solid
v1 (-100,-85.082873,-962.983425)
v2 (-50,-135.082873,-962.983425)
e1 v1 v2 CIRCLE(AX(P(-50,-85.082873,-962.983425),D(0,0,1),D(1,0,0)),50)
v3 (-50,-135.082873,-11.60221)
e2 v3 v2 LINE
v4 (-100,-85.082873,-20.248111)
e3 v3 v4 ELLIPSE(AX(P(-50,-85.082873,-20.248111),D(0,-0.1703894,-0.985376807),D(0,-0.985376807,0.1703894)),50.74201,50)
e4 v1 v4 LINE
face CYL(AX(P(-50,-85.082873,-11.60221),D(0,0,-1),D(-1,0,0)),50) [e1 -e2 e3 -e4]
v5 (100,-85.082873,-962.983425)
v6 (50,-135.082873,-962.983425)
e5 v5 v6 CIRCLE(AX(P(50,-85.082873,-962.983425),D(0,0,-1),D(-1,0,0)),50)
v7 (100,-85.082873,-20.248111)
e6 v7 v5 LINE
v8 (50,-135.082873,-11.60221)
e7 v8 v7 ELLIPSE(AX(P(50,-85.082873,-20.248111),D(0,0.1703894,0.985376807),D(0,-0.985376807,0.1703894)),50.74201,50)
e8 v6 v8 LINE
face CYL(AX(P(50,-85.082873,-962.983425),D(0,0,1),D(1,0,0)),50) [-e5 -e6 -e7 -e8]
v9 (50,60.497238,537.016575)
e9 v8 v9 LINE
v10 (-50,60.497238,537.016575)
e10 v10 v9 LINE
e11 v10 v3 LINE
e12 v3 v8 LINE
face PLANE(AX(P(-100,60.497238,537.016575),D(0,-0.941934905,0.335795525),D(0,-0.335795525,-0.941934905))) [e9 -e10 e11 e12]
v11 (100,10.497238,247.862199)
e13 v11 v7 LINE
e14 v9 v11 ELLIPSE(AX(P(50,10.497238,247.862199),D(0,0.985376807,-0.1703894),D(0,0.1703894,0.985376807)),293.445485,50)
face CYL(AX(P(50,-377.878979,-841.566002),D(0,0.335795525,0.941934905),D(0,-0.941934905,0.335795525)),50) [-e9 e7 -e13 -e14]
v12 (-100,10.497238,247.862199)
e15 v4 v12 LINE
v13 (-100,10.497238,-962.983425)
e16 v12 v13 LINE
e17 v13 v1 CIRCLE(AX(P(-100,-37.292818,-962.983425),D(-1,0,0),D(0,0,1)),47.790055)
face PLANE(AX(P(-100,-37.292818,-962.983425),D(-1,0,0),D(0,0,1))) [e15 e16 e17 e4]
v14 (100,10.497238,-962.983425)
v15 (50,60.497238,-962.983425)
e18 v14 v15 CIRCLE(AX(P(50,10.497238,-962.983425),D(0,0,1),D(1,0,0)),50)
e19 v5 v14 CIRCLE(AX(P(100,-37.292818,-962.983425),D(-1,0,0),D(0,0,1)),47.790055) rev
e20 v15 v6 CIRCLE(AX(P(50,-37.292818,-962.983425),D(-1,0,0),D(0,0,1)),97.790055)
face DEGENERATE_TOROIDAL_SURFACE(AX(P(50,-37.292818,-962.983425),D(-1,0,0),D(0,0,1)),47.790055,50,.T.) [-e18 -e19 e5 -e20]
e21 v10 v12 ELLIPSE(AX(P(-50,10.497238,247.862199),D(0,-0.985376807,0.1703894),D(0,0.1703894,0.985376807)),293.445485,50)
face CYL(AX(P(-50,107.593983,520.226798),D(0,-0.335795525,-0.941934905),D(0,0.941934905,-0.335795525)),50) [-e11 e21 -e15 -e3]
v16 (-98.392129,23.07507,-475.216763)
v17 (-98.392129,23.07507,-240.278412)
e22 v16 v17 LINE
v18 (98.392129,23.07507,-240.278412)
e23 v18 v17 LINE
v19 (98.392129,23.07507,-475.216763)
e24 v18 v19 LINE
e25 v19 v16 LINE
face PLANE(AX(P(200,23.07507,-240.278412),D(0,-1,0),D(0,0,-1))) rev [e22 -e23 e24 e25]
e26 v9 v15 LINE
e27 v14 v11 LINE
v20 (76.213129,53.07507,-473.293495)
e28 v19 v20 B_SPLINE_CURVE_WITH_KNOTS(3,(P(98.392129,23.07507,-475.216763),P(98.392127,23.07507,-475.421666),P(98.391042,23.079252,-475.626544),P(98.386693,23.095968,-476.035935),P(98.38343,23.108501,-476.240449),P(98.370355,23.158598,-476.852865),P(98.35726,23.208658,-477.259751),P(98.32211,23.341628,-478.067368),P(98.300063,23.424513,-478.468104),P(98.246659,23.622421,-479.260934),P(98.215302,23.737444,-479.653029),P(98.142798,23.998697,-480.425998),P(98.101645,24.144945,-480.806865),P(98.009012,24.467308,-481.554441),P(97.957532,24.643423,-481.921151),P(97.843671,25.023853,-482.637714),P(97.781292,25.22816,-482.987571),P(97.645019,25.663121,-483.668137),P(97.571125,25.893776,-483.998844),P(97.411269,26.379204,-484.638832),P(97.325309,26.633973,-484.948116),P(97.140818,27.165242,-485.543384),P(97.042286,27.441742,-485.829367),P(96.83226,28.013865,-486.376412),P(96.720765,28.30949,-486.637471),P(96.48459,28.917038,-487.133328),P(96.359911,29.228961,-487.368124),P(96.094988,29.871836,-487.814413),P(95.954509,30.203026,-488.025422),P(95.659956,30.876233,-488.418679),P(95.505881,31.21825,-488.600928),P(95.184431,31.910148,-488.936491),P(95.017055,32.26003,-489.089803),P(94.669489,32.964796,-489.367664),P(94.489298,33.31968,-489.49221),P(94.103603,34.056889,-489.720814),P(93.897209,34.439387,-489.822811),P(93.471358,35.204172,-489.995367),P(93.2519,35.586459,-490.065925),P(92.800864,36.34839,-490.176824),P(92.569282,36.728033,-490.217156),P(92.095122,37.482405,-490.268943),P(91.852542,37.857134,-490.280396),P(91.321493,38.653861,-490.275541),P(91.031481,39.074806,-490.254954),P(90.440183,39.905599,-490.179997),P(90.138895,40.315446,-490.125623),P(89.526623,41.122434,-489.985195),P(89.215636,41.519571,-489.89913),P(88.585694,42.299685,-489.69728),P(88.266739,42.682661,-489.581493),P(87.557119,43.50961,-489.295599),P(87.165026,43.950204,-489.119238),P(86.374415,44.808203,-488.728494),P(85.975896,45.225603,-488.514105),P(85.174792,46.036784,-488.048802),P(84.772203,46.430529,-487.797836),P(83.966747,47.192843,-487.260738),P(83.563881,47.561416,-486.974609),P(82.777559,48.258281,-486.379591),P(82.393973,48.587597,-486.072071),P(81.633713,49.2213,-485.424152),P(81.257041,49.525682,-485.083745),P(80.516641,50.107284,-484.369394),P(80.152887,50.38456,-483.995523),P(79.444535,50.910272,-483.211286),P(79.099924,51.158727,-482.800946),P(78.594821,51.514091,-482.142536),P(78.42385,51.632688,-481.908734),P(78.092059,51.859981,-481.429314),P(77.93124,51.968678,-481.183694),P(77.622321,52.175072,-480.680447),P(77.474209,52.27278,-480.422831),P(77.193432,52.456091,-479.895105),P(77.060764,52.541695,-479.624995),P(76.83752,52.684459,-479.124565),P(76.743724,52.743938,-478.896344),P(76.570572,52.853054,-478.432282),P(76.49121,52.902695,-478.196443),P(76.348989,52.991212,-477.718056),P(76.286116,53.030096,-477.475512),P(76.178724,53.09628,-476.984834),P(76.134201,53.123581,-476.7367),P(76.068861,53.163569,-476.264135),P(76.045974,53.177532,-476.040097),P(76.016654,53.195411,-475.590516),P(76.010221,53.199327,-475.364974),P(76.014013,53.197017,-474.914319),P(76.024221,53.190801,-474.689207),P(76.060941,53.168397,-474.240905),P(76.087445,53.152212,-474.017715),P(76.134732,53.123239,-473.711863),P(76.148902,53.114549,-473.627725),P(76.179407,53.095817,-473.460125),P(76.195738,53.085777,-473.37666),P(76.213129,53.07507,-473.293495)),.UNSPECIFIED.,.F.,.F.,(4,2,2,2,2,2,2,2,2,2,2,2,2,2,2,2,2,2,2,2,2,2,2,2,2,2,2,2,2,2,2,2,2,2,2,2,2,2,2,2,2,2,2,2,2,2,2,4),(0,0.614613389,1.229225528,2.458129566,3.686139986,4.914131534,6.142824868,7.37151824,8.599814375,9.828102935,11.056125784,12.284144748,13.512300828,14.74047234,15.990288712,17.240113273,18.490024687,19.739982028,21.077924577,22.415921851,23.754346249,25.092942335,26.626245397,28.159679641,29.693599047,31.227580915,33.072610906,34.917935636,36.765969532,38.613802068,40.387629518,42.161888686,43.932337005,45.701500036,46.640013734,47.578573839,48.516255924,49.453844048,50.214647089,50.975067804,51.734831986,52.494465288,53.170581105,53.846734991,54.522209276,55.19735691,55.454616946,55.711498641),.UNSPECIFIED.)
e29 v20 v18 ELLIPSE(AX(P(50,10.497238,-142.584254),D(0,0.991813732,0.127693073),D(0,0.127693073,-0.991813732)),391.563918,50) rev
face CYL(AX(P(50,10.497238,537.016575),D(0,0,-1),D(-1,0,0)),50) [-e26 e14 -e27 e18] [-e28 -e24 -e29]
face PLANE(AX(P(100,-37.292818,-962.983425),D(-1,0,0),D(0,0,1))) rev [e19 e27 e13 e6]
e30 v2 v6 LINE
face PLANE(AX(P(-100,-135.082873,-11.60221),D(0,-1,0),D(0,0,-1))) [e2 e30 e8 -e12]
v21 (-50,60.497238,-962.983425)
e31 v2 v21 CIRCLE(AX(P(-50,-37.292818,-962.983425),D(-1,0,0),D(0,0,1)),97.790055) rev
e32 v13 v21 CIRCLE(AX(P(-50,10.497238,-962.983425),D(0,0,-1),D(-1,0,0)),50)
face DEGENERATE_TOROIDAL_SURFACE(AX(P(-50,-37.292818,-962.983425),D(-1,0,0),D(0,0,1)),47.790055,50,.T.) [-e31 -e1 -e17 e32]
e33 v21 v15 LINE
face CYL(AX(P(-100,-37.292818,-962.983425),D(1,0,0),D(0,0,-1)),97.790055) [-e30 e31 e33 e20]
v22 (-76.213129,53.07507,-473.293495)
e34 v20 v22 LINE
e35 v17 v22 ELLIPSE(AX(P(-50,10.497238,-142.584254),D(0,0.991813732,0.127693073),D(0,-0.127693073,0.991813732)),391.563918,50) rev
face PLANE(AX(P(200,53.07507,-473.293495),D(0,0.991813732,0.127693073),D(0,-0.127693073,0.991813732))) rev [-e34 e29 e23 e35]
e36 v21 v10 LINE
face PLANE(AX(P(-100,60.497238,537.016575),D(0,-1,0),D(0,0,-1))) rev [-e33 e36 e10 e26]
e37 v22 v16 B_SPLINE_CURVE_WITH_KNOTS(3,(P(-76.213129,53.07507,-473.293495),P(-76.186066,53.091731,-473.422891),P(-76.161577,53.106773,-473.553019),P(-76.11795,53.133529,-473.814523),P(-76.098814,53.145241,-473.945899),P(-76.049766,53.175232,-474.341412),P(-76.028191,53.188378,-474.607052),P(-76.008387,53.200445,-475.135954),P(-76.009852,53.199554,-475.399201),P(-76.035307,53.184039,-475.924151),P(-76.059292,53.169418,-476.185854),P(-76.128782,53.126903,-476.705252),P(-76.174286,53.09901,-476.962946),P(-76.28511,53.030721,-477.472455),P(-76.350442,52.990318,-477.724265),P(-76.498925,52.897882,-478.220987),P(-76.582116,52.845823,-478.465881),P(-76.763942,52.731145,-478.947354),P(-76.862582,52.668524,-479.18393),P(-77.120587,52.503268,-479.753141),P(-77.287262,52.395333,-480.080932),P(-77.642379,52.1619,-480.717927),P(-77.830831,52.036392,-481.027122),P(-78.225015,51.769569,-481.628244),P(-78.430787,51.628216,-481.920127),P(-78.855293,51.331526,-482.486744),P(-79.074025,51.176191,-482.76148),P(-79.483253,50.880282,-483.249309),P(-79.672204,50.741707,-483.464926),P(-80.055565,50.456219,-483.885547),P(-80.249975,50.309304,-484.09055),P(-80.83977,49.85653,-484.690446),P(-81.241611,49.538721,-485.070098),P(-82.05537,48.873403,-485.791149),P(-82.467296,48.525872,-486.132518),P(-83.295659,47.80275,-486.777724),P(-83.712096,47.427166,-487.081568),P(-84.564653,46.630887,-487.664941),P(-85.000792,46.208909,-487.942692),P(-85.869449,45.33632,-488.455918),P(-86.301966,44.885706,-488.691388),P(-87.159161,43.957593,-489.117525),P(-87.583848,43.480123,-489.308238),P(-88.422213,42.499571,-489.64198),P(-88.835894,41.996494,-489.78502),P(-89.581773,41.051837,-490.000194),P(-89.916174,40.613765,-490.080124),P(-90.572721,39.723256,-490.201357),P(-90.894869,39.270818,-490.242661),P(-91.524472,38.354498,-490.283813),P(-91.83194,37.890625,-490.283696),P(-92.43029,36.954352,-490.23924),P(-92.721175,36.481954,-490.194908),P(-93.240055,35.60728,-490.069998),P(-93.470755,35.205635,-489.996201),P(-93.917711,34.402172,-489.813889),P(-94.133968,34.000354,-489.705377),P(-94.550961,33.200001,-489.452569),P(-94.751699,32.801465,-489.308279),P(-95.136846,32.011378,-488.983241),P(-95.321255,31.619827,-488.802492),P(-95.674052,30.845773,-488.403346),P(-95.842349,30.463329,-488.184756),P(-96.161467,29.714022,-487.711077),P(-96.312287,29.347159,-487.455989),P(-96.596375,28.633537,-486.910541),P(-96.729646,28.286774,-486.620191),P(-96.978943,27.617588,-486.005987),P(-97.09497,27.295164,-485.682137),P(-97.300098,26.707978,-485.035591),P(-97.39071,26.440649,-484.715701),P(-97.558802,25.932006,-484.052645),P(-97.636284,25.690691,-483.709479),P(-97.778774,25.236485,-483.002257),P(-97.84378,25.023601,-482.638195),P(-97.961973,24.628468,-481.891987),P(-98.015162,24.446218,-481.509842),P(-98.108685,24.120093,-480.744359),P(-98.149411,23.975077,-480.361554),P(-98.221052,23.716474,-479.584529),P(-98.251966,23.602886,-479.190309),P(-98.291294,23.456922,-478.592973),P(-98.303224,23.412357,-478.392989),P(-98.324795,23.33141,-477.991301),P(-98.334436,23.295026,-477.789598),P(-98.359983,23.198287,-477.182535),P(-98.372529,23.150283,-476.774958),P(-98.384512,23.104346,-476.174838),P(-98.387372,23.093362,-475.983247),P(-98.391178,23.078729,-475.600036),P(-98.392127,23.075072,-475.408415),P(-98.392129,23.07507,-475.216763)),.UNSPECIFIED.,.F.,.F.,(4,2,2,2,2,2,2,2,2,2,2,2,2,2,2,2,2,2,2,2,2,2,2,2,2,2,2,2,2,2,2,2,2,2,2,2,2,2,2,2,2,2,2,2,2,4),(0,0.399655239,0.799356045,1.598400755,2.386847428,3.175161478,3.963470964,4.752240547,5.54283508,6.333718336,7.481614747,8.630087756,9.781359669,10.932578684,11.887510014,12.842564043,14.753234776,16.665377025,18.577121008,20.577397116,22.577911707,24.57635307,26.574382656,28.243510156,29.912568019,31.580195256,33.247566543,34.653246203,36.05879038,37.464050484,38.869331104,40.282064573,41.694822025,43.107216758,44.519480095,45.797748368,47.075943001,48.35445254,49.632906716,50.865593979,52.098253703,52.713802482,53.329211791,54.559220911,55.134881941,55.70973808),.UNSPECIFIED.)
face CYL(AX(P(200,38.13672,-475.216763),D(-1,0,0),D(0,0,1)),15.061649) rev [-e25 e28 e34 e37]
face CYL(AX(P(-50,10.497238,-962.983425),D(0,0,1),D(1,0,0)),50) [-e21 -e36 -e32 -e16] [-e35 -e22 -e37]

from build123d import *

# Parameters (mm, degrees)
BOSS_EXTRUDE1_DEPTH = 100
FILLET1_R           = 50
CUT_EXTRUDE1_DEPTH  = 300


with BuildPart() as part:
    # Sketch1 → Boss-Extrude1 (new, symmetric)
    with BuildSketch(Plane(origin=(0, 0, 0), x_dir=(0, 0, -1), z_dir=(1, 0, 0))):
        with BuildLine():
            Line((-537.016574586, 60.497237569), (11.602209945, -135.082872928))
            Line((11.602209945, -135.082872928), (962.983425414, -135.082872928))
            ThreePointArc((962.983425414, -135.082872928), (1060.773480663, -37.29281768), (962.983425414, 60.497237569))
            Line((962.983425414, 60.497237569), (-537.016574586, 60.497237569))
        make_face()
    extrude(amount=BOSS_EXTRUDE1_DEPTH, both=True)

    # Fillet1
    fillet1_edges = [part.edges().sort_by_distance(p)[0] for p in [
        (-100, -135.082872928, -487.29281768),
        (-100, -37.29281768, 262.70718232),
        (-100, 60.497237569, -212.983425414),
        (100, -37.29281768, 262.70718232),
        (100, -135.082872928, -487.29281768),
        (100, -37.29281768, -1060.773480663),
        (100, 60.497237569, -212.983425414),
        (-100, -37.29281768, -1060.773480663),
    ]]
    fillet(fillet1_edges, radius=FILLET1_R)

    # Sketch2 → Cut-Extrude1 (cut)
    with BuildSketch(Plane.ZY.offset(100)):
        with BuildLine():
            Line((-240.278412459, 23.075070398), (-475.216763111, 23.075070398))
            ThreePointArc((-475.216763111, 23.075070398), (-490.247556178, 39.100328004), (-473.293494818, 53.075070398))
            Line((-473.293494818, 53.075070398), (-240.278412459, 23.075070398))
        make_face()
    extrude(amount=-CUT_EXTRUDE1_DEPTH, mode=Mode.SUBTRACT)


solid = part.part
